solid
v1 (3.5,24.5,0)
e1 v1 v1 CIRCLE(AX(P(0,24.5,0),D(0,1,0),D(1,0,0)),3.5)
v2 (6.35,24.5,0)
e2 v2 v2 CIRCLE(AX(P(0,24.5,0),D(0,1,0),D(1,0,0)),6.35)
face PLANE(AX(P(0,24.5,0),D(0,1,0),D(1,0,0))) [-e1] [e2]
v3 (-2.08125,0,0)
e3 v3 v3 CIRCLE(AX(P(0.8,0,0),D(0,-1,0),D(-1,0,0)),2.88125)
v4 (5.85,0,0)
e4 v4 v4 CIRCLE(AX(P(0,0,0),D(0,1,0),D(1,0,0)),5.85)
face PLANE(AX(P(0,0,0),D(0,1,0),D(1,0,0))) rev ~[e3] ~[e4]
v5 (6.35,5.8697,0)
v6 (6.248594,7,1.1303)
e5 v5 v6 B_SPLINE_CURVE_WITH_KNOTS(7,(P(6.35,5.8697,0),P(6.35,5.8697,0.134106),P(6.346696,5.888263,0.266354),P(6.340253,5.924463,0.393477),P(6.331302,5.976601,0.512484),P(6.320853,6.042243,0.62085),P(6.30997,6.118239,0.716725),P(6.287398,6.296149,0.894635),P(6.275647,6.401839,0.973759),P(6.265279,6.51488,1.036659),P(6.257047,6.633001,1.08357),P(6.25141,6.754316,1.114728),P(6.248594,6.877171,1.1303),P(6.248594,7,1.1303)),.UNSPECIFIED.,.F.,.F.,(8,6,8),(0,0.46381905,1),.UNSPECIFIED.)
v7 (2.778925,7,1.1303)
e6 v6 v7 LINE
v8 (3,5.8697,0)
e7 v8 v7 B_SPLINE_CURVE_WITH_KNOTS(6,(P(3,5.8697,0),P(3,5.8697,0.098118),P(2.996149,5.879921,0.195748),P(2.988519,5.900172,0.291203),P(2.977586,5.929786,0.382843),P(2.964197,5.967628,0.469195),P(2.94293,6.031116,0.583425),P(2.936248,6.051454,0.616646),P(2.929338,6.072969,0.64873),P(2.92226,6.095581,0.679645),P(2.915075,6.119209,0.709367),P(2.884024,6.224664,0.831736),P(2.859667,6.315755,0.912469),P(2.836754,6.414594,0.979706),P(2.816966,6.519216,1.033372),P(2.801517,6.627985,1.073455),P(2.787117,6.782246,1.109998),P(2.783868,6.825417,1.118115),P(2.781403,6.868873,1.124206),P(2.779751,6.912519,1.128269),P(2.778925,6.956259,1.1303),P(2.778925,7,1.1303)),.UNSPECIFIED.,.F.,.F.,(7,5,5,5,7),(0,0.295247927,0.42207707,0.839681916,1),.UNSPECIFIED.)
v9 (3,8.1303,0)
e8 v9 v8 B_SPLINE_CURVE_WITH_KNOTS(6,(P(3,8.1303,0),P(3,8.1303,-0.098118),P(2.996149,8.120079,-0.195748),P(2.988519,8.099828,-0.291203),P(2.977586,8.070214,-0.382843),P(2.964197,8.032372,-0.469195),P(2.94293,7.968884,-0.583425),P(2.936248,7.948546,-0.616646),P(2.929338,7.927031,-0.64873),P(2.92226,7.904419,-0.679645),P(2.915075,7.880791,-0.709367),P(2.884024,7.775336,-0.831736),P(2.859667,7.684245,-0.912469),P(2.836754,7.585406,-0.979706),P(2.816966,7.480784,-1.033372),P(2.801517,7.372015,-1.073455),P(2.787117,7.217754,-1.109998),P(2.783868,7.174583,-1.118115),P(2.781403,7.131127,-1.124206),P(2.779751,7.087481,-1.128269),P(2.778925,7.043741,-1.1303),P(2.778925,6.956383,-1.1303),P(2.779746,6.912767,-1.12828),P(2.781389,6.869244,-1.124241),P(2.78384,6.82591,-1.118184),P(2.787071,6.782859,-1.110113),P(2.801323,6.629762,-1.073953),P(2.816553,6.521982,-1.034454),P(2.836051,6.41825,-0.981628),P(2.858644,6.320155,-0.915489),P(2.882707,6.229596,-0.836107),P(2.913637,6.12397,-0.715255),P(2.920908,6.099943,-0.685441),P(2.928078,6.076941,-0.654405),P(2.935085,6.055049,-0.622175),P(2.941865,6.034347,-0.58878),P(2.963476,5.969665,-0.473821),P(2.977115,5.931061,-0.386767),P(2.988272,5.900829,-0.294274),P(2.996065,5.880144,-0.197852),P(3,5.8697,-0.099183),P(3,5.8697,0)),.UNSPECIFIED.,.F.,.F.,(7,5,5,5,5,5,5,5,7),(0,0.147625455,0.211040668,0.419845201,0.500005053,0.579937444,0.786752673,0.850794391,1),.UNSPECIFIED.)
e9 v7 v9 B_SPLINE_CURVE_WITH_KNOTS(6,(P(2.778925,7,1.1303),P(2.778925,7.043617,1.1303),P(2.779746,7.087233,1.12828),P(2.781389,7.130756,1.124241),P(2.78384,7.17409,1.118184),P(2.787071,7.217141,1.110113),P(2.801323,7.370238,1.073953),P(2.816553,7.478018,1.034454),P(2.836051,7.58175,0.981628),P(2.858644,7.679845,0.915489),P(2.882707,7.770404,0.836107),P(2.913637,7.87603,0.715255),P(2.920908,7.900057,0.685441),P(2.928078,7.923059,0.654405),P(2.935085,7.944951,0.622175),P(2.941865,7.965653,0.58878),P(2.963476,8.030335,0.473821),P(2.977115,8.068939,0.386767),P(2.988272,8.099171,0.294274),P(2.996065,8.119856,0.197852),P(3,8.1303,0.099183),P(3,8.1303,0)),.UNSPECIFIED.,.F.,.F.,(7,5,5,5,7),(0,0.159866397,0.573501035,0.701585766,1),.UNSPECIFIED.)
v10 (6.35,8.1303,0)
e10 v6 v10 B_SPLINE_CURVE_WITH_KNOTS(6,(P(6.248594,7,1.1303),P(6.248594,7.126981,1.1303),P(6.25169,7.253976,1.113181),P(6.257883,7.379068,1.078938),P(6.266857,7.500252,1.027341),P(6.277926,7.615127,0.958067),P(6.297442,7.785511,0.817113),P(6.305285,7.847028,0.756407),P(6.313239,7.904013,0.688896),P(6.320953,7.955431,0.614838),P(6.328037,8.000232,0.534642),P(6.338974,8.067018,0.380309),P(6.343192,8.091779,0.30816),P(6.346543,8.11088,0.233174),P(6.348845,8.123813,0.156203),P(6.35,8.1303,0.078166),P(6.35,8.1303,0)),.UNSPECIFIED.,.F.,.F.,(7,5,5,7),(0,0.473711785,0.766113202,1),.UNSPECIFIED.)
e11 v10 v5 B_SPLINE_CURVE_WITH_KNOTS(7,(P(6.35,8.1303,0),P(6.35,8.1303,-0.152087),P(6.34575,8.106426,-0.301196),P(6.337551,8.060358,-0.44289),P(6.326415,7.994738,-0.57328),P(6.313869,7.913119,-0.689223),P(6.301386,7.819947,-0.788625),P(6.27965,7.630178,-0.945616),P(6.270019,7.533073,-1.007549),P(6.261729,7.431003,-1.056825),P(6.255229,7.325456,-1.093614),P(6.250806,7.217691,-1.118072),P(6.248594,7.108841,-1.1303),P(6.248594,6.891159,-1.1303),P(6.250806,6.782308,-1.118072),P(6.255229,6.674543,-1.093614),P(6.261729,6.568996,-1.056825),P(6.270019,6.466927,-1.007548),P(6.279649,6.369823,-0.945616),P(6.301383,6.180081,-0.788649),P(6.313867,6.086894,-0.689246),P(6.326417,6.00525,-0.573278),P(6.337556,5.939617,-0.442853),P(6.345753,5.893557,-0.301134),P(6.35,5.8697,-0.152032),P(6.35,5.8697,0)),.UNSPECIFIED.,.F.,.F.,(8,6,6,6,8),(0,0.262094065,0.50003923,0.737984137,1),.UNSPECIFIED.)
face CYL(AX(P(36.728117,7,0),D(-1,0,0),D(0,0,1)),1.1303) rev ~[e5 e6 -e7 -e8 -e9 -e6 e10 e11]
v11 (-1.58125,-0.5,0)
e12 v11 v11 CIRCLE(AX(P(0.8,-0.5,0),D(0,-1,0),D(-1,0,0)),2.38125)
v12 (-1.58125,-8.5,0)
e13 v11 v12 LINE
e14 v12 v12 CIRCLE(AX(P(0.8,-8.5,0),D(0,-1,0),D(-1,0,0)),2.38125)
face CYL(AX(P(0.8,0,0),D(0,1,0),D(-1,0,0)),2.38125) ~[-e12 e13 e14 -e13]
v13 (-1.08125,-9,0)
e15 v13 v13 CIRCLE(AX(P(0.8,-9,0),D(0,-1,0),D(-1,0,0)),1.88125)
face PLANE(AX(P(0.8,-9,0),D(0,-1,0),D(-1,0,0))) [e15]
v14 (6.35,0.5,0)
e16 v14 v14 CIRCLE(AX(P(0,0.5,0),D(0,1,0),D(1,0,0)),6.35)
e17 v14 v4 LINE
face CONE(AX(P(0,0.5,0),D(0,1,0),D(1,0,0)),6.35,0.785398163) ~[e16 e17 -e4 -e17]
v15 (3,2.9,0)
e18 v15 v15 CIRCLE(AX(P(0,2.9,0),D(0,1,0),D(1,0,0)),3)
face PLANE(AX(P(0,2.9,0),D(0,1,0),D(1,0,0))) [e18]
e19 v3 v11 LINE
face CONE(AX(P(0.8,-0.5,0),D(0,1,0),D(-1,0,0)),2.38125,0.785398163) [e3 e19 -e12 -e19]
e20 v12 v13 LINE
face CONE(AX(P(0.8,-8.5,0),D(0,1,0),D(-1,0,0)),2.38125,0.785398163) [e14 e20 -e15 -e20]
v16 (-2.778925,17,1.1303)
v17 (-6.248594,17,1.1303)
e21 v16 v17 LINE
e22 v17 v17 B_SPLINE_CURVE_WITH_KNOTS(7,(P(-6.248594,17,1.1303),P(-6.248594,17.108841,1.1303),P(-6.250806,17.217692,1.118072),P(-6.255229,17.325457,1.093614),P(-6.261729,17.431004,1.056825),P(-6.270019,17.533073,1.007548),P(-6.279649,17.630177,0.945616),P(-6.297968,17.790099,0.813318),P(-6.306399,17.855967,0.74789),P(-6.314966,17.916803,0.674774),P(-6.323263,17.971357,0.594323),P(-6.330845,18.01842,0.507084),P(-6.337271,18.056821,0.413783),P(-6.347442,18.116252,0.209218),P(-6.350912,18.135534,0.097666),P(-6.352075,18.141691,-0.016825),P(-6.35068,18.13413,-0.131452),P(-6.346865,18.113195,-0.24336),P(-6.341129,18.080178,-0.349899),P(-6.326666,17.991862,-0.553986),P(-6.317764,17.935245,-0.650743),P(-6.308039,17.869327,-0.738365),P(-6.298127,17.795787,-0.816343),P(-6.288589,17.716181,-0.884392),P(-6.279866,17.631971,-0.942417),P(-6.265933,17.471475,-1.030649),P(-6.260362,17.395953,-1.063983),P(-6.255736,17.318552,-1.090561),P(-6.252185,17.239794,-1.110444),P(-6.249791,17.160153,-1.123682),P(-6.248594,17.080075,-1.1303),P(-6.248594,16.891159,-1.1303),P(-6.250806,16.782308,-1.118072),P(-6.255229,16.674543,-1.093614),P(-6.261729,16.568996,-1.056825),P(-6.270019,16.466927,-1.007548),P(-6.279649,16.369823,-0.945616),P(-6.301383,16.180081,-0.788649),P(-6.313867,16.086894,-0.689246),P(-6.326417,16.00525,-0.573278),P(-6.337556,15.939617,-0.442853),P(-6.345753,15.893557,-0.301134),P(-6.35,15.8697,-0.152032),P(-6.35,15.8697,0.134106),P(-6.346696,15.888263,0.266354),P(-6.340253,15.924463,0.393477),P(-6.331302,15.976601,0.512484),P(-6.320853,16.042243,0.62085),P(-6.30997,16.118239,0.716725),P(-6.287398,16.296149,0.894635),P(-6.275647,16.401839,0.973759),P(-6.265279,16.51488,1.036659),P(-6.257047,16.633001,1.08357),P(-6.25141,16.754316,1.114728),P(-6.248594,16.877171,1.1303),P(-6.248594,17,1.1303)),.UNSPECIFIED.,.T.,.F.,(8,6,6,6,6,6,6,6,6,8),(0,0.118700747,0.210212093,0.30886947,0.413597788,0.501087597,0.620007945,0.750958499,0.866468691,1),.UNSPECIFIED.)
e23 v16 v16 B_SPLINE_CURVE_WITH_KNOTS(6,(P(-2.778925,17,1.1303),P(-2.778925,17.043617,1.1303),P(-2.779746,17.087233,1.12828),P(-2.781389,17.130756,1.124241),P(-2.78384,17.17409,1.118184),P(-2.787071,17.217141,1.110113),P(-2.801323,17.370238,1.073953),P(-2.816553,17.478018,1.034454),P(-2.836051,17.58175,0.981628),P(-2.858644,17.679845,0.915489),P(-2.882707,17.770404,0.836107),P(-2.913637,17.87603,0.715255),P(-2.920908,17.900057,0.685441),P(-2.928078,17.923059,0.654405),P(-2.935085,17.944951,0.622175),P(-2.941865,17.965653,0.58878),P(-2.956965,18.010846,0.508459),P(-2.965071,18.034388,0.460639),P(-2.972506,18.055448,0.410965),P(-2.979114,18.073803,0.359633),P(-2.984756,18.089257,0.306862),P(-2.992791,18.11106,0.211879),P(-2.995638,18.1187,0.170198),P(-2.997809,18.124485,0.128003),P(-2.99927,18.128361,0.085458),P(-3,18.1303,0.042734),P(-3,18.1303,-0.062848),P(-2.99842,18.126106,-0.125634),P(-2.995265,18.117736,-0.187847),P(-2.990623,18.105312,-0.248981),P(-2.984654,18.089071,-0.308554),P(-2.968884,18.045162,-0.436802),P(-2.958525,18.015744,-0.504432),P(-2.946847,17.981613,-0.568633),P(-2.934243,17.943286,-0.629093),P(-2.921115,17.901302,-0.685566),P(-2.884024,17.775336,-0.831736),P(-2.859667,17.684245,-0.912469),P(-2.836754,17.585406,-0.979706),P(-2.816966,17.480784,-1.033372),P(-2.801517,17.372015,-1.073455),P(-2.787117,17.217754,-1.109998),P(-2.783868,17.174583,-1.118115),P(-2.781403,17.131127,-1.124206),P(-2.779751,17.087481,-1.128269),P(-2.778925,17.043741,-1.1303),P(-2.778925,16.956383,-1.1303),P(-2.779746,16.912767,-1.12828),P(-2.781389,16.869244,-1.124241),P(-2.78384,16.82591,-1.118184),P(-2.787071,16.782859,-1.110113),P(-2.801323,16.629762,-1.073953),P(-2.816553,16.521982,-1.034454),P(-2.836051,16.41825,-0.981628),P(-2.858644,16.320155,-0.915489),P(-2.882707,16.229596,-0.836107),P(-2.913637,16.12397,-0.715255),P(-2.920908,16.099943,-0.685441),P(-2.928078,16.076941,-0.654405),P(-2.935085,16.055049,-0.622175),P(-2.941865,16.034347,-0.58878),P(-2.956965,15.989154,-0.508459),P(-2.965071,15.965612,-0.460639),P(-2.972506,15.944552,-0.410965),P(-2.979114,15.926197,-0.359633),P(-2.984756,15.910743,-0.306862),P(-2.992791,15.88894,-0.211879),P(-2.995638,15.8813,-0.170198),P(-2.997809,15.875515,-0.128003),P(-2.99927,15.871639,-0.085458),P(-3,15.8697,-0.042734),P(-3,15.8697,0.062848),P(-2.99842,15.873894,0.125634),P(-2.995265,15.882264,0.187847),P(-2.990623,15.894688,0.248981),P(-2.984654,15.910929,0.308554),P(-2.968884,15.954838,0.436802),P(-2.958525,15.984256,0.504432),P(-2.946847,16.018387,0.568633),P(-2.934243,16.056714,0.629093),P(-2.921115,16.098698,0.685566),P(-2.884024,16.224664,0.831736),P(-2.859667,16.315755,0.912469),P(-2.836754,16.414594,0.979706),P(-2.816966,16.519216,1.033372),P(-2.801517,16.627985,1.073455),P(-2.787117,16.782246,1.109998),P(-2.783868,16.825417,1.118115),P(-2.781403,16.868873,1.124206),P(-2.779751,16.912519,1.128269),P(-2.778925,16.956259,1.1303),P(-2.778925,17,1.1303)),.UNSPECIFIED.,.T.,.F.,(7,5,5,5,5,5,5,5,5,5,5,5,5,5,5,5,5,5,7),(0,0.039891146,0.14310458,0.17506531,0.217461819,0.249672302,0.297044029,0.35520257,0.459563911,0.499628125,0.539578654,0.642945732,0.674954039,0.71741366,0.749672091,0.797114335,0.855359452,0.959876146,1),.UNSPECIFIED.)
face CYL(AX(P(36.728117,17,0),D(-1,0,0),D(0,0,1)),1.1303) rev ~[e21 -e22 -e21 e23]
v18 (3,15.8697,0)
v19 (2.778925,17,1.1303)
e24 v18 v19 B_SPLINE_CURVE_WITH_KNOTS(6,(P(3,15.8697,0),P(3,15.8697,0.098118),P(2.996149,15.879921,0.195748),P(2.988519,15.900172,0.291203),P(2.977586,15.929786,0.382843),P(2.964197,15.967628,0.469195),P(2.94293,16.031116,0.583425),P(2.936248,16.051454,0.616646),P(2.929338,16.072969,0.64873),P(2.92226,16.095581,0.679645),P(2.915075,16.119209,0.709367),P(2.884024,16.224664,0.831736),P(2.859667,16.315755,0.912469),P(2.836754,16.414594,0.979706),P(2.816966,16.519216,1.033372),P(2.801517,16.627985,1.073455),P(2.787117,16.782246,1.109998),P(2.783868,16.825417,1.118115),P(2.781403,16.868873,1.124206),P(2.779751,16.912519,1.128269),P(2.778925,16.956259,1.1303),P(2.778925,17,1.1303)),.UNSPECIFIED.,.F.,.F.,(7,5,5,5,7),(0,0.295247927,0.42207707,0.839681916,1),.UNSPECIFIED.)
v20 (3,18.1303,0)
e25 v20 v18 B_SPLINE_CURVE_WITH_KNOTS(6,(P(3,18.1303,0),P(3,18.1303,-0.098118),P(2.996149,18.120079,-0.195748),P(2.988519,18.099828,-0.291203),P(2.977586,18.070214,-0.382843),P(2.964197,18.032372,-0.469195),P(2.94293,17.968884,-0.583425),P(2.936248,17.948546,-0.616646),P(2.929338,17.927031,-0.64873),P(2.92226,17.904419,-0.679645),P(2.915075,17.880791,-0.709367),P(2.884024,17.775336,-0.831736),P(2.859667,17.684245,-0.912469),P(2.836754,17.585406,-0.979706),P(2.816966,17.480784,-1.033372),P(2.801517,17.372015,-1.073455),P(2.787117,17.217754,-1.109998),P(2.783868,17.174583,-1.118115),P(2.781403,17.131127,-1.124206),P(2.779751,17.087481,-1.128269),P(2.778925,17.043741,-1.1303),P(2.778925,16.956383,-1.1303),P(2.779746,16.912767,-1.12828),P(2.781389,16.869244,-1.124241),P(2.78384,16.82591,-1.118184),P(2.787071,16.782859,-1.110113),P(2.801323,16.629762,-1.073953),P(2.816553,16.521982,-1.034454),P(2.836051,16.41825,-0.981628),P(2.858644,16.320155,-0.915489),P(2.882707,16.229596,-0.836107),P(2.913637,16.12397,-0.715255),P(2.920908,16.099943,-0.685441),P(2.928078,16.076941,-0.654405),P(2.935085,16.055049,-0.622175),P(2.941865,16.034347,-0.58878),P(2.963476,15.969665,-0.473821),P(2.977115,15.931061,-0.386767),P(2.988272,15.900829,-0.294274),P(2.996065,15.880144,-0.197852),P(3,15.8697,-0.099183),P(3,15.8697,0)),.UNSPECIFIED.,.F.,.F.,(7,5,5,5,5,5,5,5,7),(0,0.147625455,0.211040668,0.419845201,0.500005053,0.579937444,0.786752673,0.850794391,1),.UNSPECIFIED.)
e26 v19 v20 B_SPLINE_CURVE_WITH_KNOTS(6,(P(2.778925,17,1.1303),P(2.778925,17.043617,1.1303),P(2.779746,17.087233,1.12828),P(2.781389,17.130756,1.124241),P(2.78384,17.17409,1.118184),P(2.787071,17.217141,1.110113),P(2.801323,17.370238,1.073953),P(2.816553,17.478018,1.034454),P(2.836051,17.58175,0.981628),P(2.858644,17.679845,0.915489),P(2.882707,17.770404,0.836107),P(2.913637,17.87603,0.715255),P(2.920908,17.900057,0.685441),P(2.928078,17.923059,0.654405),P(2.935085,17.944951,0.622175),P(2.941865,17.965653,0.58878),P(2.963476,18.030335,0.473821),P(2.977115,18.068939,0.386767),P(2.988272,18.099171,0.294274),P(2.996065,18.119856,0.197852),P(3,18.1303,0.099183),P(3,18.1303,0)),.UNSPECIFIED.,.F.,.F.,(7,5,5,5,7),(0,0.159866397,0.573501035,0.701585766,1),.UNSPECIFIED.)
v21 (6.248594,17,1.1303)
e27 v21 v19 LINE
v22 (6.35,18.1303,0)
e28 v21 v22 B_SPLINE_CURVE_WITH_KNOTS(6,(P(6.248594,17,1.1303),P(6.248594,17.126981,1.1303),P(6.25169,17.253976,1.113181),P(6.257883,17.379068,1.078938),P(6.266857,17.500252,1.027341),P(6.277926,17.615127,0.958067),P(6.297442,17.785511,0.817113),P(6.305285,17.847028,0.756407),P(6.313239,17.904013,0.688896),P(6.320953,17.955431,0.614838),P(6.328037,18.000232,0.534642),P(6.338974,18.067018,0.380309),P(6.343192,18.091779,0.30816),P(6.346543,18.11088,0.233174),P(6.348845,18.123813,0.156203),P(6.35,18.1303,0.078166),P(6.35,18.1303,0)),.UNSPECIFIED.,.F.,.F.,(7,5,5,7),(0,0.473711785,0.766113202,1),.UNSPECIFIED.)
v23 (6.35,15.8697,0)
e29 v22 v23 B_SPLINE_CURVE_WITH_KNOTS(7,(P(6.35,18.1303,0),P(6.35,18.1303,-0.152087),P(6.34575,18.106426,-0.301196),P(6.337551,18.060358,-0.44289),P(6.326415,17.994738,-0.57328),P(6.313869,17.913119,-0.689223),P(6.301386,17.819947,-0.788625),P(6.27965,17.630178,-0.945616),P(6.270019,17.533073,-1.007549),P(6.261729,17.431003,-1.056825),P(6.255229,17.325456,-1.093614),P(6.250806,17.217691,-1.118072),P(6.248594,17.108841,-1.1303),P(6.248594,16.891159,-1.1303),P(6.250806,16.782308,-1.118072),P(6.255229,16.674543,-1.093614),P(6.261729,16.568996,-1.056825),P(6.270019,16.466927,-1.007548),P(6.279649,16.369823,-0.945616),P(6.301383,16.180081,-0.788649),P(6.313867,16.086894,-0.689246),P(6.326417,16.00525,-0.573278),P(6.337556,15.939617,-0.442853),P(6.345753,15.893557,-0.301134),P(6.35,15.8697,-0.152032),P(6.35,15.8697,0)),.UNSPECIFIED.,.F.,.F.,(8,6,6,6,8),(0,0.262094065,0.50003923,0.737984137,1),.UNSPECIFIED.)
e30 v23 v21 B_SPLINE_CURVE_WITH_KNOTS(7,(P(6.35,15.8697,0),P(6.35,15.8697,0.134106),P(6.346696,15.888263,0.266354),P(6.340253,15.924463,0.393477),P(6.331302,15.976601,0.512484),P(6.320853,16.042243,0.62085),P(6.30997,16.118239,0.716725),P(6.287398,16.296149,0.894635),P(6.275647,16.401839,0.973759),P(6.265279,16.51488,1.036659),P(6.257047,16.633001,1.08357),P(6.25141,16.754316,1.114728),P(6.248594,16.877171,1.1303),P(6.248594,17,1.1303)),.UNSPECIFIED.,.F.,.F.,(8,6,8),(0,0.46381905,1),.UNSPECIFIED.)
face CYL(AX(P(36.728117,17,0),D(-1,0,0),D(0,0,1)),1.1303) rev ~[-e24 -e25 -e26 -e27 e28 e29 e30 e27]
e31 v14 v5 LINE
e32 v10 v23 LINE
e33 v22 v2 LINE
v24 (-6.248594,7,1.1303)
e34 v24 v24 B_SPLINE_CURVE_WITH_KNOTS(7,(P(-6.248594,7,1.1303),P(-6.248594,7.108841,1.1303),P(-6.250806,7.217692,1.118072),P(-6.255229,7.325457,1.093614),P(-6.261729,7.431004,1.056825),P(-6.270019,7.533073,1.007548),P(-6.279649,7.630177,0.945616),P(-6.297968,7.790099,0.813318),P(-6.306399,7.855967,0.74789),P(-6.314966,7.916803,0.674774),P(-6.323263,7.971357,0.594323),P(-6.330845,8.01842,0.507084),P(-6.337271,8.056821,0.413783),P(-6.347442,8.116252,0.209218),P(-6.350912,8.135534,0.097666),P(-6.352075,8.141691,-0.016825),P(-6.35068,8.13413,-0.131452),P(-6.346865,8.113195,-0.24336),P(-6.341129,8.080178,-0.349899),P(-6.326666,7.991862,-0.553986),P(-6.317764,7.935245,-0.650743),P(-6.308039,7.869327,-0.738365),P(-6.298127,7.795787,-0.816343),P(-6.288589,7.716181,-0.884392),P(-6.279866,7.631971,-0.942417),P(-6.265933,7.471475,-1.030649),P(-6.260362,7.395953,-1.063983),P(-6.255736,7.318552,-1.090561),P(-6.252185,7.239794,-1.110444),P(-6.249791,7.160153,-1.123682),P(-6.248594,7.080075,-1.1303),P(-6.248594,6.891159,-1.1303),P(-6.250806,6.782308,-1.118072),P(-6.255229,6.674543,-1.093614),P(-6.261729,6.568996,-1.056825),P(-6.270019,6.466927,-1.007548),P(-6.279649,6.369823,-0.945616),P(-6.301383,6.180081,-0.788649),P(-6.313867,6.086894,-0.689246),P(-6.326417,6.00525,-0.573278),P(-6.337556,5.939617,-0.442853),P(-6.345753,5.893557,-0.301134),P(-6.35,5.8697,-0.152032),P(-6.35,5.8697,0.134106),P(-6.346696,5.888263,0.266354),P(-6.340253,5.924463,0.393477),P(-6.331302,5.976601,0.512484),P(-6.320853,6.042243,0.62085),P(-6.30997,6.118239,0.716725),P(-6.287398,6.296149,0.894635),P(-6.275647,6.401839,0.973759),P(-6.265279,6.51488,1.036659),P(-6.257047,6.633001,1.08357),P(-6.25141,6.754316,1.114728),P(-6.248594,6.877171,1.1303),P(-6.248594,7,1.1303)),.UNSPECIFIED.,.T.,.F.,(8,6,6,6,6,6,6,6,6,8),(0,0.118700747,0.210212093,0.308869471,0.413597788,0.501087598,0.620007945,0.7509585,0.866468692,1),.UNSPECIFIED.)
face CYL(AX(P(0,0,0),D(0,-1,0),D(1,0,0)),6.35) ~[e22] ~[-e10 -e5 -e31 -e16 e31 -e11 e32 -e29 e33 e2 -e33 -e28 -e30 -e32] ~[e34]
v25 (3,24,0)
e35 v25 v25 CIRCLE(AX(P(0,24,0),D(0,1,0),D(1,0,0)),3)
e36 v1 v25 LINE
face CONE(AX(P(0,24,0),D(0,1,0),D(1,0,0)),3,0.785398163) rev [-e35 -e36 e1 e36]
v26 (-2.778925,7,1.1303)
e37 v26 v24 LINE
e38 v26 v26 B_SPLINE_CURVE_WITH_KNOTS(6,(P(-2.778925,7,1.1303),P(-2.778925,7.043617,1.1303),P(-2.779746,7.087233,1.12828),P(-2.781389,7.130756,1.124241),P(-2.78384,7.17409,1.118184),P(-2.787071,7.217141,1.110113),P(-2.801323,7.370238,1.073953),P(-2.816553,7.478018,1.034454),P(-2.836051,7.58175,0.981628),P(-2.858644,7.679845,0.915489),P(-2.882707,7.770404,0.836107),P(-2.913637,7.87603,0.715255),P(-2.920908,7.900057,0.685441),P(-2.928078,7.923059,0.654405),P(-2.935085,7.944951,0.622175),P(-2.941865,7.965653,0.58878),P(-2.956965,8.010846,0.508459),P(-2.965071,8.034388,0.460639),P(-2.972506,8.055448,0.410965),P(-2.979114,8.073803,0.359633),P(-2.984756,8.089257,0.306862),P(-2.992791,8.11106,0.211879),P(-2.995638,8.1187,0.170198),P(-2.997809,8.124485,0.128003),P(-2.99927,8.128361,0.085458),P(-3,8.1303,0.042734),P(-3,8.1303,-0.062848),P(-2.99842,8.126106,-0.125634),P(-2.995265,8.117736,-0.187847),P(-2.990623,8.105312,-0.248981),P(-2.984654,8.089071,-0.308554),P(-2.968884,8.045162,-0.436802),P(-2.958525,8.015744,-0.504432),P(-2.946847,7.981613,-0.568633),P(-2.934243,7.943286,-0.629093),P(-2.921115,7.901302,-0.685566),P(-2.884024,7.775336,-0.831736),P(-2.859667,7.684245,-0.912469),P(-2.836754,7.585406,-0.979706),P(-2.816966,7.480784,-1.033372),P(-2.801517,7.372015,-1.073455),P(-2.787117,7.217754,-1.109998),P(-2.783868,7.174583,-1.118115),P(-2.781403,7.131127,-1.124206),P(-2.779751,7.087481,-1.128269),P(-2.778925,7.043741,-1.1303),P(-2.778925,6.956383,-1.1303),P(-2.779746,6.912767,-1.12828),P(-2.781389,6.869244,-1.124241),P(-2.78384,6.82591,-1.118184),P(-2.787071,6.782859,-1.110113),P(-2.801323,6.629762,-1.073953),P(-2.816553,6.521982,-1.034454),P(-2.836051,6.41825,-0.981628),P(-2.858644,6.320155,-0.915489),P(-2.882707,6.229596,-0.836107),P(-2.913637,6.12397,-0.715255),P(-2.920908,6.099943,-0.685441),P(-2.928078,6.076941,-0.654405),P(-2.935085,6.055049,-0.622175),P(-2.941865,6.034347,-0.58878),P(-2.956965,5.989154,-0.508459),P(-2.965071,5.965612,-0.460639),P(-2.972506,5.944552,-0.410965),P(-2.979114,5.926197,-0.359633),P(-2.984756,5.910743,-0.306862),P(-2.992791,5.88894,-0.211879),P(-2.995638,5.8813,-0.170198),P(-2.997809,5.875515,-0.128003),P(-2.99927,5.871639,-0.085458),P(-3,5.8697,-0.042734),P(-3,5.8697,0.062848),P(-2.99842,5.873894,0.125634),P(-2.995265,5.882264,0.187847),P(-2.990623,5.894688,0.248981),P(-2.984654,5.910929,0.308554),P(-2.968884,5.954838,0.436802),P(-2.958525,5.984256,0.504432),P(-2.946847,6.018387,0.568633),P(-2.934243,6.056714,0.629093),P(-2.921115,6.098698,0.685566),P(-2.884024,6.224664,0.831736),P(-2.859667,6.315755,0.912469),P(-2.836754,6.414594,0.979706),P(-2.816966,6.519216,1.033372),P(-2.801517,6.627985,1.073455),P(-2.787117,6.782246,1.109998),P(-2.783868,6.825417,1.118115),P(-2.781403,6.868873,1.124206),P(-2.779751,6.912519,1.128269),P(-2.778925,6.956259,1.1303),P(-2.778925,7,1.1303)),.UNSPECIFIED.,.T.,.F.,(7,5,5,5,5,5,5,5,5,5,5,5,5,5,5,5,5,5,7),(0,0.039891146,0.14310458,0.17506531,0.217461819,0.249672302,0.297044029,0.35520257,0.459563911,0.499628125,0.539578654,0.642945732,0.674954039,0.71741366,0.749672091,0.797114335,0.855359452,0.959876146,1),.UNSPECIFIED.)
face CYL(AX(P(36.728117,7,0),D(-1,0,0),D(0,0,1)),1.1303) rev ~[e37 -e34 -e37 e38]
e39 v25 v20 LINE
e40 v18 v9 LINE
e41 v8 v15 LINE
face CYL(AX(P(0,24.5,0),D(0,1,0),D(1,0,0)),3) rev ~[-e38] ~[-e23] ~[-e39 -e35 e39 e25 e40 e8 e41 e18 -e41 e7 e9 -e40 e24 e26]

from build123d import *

# Parameters (mm, degrees)
SKETCH1_R             = 6.35
BOSS_EXTRUDE1_DEPTH   = 24.5
SKETCH2_R             = 3
CUT_EXTRUDE1_DEPTH    = 21.6
F_4_40_TAPPED_HOLE1_D = 2.2606
SKETCH5_R             = 2.38125
BOSS_EXTRUDE2_DEPTH   = 9
CHAMFER2_SIZE         = 0.5


with BuildPart() as part:
    # Sketch1 → Boss-Extrude1 (new body)
    with BuildSketch(Plane(origin=(0, 0, 0), x_dir=(1, 0, 0), z_dir=(0, 1, 0))):
        Circle(SKETCH1_R)
    extrude(amount=BOSS_EXTRUDE1_DEPTH)

    # Sketch2 → Cut-Extrude1 (cut)
    with BuildSketch(Plane(origin=(0, 24.5, 0), x_dir=(1, 0, 0), z_dir=(0, 1, 0))):
        Circle(SKETCH2_R)
    extrude(amount=-CUT_EXTRUDE1_DEPTH, mode=Mode.SUBTRACT)

    # #4-40 Tapped Hole1 (through all)
    with Locations(Plane(origin=(6.35, 0, 0), x_dir=(0, 0, -1), z_dir=(1, 0, 0))):
        with Locations((0, 17), (0, 7)):
            Hole(F_4_40_TAPPED_HOLE1_D / 2)

    # Sketch5 → Boss-Extrude2 (add)
    with BuildSketch(Plane(origin=(0, 0, 0), x_dir=(-1, 0, 0), z_dir=(0, -1, 0))):
        with Locations((-0.8, 0)):
            Circle(SKETCH5_R)
    extrude(amount=BOSS_EXTRUDE2_DEPTH)

    # Chamfer2
    chamfer2_edges = [part.edges().sort_by_distance(p)[0] for p in [
        (-6.35, 0, 0),
        (3.18125, 0, 0),
        (3.18125, -9, 0),
        (-3, 24.5, 0),
    ]]
    chamfer(chamfer2_edges, length=CHAMFER2_SIZE)


solid = part.part
